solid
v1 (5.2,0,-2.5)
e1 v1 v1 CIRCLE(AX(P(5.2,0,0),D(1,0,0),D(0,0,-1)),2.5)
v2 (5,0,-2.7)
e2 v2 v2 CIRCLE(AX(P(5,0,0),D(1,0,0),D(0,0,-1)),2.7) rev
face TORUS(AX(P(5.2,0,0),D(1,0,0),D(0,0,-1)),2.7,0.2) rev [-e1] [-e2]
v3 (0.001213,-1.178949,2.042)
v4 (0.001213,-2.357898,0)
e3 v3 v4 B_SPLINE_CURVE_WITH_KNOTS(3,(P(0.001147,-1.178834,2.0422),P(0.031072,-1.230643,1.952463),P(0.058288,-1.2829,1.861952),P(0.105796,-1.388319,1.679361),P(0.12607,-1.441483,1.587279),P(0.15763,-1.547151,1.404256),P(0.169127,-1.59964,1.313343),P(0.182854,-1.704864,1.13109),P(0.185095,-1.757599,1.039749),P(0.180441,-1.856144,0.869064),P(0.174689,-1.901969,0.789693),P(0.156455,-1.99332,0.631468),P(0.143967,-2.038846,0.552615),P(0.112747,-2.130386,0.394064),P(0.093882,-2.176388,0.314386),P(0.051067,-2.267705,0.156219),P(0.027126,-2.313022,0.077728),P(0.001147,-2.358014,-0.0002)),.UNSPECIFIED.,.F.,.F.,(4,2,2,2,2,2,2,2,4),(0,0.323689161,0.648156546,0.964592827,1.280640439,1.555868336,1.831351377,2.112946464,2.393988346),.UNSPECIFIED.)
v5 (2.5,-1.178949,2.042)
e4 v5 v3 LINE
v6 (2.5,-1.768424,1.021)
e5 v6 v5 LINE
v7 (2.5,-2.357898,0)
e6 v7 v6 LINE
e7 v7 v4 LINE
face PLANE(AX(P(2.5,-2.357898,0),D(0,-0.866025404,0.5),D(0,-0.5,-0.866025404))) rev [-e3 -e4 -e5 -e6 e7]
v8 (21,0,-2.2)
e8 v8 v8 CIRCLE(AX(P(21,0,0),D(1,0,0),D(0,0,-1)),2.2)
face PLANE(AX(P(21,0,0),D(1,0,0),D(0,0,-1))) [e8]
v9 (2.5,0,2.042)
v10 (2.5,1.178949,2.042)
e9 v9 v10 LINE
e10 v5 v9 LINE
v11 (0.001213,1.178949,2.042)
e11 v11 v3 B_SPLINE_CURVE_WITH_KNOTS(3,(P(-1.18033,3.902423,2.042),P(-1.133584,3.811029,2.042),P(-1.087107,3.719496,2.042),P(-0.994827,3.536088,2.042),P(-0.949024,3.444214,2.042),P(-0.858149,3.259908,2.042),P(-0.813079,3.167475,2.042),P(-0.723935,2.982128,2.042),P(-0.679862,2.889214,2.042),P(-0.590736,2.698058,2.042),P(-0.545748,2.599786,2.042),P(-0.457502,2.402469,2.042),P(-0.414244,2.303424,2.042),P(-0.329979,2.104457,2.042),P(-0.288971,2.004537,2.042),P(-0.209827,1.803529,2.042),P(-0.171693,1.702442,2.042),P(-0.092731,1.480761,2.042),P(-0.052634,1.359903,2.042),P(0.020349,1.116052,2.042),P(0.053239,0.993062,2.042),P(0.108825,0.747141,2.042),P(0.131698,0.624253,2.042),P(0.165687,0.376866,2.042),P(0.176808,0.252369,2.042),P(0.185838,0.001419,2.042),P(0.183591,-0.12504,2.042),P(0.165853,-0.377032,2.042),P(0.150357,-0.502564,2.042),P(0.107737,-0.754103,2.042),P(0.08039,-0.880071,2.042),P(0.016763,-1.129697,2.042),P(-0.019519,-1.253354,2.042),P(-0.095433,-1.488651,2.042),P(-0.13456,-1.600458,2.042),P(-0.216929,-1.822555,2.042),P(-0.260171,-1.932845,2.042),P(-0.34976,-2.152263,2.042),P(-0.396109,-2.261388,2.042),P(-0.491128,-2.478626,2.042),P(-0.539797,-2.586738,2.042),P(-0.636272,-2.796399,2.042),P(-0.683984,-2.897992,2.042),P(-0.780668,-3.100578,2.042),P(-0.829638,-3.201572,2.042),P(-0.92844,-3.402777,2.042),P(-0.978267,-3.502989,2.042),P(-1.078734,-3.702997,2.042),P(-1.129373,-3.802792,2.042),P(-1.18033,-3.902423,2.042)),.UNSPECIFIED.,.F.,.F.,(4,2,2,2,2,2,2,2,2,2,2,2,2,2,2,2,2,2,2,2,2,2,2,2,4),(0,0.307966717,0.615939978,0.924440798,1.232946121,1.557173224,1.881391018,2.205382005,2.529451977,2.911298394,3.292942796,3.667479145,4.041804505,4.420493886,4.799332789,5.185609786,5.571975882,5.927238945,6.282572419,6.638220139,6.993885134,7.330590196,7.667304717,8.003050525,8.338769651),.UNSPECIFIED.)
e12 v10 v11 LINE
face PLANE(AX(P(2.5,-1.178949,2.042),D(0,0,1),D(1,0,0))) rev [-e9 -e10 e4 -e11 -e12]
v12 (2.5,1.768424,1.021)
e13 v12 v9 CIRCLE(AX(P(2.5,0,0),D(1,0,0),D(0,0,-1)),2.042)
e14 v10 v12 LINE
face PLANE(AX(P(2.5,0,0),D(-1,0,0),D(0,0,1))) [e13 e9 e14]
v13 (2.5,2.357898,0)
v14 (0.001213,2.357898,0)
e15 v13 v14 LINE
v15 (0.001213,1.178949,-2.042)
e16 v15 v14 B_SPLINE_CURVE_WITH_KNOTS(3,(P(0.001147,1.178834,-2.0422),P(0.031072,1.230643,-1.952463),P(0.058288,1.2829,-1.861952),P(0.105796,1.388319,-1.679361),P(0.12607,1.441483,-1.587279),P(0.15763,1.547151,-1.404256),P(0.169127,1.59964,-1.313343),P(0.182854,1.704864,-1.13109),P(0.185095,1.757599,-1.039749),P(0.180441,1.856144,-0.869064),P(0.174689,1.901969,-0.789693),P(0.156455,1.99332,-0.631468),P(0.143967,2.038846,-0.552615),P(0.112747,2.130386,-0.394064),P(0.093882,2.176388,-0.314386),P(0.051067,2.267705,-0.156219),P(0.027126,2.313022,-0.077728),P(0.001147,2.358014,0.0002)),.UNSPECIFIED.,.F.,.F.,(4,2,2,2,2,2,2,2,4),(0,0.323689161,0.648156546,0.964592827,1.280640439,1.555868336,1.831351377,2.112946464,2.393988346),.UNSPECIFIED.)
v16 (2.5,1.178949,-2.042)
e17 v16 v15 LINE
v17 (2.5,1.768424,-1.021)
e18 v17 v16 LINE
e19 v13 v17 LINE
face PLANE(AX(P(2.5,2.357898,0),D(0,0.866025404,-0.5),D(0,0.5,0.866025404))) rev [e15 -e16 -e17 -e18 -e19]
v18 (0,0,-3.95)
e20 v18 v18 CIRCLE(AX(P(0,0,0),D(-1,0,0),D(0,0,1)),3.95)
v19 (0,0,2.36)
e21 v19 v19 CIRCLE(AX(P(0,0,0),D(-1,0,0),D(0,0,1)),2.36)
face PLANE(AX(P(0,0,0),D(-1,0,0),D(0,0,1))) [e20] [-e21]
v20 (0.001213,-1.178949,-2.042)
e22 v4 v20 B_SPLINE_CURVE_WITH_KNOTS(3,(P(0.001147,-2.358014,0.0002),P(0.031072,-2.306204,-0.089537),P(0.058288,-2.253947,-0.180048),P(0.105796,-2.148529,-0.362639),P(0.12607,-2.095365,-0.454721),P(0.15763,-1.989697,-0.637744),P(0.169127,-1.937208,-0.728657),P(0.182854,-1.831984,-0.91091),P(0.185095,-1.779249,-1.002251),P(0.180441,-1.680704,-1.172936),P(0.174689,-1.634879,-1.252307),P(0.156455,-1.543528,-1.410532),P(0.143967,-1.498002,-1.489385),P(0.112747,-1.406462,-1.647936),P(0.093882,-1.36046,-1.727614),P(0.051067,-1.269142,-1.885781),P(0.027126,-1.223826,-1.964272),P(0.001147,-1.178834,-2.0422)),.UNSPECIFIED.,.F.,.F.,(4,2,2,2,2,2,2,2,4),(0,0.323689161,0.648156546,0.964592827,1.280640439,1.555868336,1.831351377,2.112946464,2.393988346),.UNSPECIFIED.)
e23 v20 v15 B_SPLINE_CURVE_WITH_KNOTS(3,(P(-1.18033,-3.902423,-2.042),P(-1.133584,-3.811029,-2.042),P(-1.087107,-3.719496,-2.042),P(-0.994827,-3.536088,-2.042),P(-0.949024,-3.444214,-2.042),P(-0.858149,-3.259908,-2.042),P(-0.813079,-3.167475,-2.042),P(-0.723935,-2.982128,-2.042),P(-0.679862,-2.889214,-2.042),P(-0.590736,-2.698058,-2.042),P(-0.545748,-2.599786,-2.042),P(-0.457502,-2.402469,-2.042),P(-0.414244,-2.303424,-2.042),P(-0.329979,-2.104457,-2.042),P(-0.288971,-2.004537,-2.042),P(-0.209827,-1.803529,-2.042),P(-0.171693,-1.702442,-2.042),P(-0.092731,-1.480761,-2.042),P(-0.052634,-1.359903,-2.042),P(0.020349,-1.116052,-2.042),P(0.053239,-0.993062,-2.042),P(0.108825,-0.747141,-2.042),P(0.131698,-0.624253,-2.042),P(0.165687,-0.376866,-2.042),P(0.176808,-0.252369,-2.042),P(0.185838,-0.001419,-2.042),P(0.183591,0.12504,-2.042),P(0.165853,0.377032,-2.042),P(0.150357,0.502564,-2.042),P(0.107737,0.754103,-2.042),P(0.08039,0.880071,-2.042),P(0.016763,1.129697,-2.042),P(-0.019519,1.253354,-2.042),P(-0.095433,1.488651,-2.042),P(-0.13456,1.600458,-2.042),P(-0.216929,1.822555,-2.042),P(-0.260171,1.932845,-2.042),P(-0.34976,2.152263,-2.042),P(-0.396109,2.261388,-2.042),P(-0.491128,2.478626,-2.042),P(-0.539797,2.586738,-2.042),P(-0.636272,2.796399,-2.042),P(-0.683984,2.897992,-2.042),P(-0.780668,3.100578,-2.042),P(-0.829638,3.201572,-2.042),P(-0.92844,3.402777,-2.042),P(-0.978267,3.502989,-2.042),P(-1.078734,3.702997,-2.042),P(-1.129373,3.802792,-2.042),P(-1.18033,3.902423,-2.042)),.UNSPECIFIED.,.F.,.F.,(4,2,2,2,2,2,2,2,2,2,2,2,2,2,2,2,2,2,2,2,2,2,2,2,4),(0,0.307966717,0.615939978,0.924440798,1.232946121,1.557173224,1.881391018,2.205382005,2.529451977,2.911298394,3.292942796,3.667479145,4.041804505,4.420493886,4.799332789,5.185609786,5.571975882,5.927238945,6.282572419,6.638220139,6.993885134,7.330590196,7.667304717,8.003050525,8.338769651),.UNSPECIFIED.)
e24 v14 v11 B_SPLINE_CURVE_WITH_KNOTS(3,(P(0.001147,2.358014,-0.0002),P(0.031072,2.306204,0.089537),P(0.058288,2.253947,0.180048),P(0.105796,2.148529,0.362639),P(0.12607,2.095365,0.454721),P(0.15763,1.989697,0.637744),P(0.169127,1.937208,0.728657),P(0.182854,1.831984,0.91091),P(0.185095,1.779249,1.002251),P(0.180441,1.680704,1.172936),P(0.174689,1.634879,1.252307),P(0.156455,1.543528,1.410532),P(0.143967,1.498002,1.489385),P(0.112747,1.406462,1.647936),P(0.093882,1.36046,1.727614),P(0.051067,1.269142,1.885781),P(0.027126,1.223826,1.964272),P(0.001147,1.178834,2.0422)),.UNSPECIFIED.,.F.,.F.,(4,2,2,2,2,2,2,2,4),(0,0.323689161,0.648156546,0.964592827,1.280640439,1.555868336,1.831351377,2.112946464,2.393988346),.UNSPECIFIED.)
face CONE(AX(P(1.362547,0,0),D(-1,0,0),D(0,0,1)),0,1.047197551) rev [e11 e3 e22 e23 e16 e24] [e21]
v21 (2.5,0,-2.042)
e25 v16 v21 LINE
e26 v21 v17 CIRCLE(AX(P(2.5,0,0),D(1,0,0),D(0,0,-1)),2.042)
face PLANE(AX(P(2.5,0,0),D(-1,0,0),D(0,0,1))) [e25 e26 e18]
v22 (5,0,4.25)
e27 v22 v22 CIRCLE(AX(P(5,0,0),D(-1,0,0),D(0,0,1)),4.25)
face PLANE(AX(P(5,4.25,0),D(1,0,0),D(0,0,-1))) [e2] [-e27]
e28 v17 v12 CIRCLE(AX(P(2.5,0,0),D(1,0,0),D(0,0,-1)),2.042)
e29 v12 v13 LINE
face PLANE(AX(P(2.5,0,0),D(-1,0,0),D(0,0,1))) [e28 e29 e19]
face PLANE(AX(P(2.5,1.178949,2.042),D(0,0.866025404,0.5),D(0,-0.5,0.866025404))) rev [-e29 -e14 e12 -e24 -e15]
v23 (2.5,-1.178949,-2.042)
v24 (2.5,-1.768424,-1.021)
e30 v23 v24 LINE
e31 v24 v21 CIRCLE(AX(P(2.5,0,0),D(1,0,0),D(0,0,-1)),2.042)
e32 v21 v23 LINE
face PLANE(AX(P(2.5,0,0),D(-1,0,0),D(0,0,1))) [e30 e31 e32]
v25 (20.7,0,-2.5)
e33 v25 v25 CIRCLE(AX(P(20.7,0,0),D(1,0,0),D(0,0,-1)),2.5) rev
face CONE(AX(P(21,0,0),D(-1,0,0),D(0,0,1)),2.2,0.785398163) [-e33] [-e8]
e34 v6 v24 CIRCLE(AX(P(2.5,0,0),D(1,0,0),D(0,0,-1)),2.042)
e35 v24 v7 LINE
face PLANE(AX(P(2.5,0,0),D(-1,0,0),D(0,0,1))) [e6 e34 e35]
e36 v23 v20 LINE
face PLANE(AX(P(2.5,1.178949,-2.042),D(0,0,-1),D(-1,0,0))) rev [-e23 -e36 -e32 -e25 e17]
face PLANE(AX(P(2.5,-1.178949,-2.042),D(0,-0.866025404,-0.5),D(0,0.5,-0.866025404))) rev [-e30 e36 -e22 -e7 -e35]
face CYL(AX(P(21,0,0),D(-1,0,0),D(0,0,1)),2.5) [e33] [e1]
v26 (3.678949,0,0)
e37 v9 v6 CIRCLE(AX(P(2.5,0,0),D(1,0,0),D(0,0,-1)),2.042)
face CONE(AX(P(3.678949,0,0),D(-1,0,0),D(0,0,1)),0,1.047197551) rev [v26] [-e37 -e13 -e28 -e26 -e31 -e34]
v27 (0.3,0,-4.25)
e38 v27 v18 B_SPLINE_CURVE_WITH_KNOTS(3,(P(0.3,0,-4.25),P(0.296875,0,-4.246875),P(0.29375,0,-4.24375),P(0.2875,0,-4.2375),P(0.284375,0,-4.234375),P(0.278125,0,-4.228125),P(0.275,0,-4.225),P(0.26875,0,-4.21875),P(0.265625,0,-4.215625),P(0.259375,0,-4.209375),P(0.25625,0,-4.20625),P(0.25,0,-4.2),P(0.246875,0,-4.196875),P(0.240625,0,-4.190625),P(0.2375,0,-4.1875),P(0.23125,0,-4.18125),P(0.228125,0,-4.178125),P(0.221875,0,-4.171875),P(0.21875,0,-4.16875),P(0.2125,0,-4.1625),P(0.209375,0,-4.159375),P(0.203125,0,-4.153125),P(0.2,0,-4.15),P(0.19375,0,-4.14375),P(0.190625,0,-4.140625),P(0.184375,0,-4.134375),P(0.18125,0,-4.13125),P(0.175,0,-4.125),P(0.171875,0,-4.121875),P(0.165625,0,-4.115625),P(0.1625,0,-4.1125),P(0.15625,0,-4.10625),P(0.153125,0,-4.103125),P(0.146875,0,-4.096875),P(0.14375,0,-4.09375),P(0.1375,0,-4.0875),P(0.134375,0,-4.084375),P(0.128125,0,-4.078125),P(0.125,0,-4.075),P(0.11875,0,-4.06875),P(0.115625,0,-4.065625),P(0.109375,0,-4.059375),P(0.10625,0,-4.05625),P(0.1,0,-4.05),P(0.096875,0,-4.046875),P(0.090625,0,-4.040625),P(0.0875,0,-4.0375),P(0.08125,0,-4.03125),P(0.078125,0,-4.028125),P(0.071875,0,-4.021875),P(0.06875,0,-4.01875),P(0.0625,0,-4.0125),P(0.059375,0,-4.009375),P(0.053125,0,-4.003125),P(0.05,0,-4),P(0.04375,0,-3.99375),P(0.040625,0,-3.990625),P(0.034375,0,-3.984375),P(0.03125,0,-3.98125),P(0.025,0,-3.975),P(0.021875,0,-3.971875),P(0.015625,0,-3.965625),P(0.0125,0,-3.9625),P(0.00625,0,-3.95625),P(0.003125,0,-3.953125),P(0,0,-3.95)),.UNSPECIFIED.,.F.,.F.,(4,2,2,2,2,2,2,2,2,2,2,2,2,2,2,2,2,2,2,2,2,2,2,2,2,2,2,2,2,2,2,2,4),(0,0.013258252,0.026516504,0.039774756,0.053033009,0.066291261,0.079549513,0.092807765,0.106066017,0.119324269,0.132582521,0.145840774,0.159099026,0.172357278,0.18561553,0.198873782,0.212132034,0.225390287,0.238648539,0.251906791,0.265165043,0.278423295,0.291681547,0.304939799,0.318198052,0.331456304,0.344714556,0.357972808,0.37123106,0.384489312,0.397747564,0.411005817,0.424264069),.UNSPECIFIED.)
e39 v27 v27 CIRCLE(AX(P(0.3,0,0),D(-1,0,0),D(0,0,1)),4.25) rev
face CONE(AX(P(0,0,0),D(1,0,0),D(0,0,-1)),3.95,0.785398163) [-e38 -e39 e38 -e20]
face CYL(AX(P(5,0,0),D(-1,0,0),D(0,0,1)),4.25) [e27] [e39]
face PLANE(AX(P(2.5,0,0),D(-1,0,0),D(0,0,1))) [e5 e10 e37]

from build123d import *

# Parameters (mm, degrees)
ESBO_O1_W                = 5
ESBO_O1_H                = 4.25
ESBO_O2_R                = 2.5
RESSALTO_EXTRUS_O1_DEPTH = 16
CORTE_EXTRUS_O1_DEPTH    = 2.5
CHANFRO1_SIZE            = 0.3
FILETE1_R                = 0.2


with BuildPart() as part:
    # Esboço1 → Revolução1 (revolve)
    with BuildSketch(Plane(origin=(0, 0, 0), x_dir=(-1, 0, 0), z_dir=(0, 0, -1)), mode=Mode.PRIVATE) as revolu_o1_sk:
        with Locations((-2.5, 2.125)):
            Rectangle(ESBO_O1_W, ESBO_O1_H)
    revolve(revolu_o1_sk.sketch.rotate(Axis((5, 0, 0), (-1, 0, 0)), 270), axis=Axis((5, 0, 0), (-1, 0, 0)))

    # Esboço2 → Ressalto-extrusão1 (add)
    with BuildSketch(Plane(origin=(5, 0, 0), x_dir=(0, 0, -1), z_dir=(1, 0, 0))):
        Circle(ESBO_O2_R)
    extrude(amount=RESSALTO_EXTRUS_O1_DEPTH)

    # Esboço3 → Corte-extrusão1 (cut)
    with BuildSketch(Plane.ZY):
        Polygon((0, -2.357898499), (2.042, -1.17894925), (2.042, 1.17894925), (0, 2.357898499), (-2.042, 1.17894925), (-2.042, -1.17894925), align=None)
    extrude(amount=-CORTE_EXTRUS_O1_DEPTH, mode=Mode.SUBTRACT)

    # Esboço4 → Corte-Revolução1 (revolve, cut)
    with BuildSketch(Plane.XY, mode=Mode.PRIVATE) as corte_revolu_o1_sk:
        Polygon((2.5, 2.042), (2.5, 0), (3.67894925, 0), align=None)
    revolve(corte_revolu_o1_sk.sketch.rotate(Axis((2.5, 0, 0), (1, 0, 0)), 90), axis=Axis((2.5, 0, 0), (1, 0, 0)), mode=Mode.SUBTRACT)

    # Chanfro1
    chanfro1_edges = [part.edges().sort_by_distance(p)[0] for p in [
        (21, 0, 2.5),
        (0, 0, -4.25),
    ]]
    chamfer(chanfro1_edges, length=CHANFRO1_SIZE)

    # Filete1
    filete1_edges = [part.edges().sort_by_distance(p)[0] for p in [
        (5, 0, 2.5),
    ]]
    fillet(filete1_edges, radius=FILETE1_R)

    # Sketch1 → Cut-Revolve1 (revolve, cut)
    with BuildSketch(Plane(origin=(0, 0, 0), x_dir=(1, 0, 0), z_dir=(0, 1, 0))):
        Polygon((0, 2.36), (1.362546635, 0), (0, 0), align=None)
    revolve(axis=Axis((1.362546635, 0, 0), (1, 0, 0)), mode=Mode.SUBTRACT)


solid = part.part
